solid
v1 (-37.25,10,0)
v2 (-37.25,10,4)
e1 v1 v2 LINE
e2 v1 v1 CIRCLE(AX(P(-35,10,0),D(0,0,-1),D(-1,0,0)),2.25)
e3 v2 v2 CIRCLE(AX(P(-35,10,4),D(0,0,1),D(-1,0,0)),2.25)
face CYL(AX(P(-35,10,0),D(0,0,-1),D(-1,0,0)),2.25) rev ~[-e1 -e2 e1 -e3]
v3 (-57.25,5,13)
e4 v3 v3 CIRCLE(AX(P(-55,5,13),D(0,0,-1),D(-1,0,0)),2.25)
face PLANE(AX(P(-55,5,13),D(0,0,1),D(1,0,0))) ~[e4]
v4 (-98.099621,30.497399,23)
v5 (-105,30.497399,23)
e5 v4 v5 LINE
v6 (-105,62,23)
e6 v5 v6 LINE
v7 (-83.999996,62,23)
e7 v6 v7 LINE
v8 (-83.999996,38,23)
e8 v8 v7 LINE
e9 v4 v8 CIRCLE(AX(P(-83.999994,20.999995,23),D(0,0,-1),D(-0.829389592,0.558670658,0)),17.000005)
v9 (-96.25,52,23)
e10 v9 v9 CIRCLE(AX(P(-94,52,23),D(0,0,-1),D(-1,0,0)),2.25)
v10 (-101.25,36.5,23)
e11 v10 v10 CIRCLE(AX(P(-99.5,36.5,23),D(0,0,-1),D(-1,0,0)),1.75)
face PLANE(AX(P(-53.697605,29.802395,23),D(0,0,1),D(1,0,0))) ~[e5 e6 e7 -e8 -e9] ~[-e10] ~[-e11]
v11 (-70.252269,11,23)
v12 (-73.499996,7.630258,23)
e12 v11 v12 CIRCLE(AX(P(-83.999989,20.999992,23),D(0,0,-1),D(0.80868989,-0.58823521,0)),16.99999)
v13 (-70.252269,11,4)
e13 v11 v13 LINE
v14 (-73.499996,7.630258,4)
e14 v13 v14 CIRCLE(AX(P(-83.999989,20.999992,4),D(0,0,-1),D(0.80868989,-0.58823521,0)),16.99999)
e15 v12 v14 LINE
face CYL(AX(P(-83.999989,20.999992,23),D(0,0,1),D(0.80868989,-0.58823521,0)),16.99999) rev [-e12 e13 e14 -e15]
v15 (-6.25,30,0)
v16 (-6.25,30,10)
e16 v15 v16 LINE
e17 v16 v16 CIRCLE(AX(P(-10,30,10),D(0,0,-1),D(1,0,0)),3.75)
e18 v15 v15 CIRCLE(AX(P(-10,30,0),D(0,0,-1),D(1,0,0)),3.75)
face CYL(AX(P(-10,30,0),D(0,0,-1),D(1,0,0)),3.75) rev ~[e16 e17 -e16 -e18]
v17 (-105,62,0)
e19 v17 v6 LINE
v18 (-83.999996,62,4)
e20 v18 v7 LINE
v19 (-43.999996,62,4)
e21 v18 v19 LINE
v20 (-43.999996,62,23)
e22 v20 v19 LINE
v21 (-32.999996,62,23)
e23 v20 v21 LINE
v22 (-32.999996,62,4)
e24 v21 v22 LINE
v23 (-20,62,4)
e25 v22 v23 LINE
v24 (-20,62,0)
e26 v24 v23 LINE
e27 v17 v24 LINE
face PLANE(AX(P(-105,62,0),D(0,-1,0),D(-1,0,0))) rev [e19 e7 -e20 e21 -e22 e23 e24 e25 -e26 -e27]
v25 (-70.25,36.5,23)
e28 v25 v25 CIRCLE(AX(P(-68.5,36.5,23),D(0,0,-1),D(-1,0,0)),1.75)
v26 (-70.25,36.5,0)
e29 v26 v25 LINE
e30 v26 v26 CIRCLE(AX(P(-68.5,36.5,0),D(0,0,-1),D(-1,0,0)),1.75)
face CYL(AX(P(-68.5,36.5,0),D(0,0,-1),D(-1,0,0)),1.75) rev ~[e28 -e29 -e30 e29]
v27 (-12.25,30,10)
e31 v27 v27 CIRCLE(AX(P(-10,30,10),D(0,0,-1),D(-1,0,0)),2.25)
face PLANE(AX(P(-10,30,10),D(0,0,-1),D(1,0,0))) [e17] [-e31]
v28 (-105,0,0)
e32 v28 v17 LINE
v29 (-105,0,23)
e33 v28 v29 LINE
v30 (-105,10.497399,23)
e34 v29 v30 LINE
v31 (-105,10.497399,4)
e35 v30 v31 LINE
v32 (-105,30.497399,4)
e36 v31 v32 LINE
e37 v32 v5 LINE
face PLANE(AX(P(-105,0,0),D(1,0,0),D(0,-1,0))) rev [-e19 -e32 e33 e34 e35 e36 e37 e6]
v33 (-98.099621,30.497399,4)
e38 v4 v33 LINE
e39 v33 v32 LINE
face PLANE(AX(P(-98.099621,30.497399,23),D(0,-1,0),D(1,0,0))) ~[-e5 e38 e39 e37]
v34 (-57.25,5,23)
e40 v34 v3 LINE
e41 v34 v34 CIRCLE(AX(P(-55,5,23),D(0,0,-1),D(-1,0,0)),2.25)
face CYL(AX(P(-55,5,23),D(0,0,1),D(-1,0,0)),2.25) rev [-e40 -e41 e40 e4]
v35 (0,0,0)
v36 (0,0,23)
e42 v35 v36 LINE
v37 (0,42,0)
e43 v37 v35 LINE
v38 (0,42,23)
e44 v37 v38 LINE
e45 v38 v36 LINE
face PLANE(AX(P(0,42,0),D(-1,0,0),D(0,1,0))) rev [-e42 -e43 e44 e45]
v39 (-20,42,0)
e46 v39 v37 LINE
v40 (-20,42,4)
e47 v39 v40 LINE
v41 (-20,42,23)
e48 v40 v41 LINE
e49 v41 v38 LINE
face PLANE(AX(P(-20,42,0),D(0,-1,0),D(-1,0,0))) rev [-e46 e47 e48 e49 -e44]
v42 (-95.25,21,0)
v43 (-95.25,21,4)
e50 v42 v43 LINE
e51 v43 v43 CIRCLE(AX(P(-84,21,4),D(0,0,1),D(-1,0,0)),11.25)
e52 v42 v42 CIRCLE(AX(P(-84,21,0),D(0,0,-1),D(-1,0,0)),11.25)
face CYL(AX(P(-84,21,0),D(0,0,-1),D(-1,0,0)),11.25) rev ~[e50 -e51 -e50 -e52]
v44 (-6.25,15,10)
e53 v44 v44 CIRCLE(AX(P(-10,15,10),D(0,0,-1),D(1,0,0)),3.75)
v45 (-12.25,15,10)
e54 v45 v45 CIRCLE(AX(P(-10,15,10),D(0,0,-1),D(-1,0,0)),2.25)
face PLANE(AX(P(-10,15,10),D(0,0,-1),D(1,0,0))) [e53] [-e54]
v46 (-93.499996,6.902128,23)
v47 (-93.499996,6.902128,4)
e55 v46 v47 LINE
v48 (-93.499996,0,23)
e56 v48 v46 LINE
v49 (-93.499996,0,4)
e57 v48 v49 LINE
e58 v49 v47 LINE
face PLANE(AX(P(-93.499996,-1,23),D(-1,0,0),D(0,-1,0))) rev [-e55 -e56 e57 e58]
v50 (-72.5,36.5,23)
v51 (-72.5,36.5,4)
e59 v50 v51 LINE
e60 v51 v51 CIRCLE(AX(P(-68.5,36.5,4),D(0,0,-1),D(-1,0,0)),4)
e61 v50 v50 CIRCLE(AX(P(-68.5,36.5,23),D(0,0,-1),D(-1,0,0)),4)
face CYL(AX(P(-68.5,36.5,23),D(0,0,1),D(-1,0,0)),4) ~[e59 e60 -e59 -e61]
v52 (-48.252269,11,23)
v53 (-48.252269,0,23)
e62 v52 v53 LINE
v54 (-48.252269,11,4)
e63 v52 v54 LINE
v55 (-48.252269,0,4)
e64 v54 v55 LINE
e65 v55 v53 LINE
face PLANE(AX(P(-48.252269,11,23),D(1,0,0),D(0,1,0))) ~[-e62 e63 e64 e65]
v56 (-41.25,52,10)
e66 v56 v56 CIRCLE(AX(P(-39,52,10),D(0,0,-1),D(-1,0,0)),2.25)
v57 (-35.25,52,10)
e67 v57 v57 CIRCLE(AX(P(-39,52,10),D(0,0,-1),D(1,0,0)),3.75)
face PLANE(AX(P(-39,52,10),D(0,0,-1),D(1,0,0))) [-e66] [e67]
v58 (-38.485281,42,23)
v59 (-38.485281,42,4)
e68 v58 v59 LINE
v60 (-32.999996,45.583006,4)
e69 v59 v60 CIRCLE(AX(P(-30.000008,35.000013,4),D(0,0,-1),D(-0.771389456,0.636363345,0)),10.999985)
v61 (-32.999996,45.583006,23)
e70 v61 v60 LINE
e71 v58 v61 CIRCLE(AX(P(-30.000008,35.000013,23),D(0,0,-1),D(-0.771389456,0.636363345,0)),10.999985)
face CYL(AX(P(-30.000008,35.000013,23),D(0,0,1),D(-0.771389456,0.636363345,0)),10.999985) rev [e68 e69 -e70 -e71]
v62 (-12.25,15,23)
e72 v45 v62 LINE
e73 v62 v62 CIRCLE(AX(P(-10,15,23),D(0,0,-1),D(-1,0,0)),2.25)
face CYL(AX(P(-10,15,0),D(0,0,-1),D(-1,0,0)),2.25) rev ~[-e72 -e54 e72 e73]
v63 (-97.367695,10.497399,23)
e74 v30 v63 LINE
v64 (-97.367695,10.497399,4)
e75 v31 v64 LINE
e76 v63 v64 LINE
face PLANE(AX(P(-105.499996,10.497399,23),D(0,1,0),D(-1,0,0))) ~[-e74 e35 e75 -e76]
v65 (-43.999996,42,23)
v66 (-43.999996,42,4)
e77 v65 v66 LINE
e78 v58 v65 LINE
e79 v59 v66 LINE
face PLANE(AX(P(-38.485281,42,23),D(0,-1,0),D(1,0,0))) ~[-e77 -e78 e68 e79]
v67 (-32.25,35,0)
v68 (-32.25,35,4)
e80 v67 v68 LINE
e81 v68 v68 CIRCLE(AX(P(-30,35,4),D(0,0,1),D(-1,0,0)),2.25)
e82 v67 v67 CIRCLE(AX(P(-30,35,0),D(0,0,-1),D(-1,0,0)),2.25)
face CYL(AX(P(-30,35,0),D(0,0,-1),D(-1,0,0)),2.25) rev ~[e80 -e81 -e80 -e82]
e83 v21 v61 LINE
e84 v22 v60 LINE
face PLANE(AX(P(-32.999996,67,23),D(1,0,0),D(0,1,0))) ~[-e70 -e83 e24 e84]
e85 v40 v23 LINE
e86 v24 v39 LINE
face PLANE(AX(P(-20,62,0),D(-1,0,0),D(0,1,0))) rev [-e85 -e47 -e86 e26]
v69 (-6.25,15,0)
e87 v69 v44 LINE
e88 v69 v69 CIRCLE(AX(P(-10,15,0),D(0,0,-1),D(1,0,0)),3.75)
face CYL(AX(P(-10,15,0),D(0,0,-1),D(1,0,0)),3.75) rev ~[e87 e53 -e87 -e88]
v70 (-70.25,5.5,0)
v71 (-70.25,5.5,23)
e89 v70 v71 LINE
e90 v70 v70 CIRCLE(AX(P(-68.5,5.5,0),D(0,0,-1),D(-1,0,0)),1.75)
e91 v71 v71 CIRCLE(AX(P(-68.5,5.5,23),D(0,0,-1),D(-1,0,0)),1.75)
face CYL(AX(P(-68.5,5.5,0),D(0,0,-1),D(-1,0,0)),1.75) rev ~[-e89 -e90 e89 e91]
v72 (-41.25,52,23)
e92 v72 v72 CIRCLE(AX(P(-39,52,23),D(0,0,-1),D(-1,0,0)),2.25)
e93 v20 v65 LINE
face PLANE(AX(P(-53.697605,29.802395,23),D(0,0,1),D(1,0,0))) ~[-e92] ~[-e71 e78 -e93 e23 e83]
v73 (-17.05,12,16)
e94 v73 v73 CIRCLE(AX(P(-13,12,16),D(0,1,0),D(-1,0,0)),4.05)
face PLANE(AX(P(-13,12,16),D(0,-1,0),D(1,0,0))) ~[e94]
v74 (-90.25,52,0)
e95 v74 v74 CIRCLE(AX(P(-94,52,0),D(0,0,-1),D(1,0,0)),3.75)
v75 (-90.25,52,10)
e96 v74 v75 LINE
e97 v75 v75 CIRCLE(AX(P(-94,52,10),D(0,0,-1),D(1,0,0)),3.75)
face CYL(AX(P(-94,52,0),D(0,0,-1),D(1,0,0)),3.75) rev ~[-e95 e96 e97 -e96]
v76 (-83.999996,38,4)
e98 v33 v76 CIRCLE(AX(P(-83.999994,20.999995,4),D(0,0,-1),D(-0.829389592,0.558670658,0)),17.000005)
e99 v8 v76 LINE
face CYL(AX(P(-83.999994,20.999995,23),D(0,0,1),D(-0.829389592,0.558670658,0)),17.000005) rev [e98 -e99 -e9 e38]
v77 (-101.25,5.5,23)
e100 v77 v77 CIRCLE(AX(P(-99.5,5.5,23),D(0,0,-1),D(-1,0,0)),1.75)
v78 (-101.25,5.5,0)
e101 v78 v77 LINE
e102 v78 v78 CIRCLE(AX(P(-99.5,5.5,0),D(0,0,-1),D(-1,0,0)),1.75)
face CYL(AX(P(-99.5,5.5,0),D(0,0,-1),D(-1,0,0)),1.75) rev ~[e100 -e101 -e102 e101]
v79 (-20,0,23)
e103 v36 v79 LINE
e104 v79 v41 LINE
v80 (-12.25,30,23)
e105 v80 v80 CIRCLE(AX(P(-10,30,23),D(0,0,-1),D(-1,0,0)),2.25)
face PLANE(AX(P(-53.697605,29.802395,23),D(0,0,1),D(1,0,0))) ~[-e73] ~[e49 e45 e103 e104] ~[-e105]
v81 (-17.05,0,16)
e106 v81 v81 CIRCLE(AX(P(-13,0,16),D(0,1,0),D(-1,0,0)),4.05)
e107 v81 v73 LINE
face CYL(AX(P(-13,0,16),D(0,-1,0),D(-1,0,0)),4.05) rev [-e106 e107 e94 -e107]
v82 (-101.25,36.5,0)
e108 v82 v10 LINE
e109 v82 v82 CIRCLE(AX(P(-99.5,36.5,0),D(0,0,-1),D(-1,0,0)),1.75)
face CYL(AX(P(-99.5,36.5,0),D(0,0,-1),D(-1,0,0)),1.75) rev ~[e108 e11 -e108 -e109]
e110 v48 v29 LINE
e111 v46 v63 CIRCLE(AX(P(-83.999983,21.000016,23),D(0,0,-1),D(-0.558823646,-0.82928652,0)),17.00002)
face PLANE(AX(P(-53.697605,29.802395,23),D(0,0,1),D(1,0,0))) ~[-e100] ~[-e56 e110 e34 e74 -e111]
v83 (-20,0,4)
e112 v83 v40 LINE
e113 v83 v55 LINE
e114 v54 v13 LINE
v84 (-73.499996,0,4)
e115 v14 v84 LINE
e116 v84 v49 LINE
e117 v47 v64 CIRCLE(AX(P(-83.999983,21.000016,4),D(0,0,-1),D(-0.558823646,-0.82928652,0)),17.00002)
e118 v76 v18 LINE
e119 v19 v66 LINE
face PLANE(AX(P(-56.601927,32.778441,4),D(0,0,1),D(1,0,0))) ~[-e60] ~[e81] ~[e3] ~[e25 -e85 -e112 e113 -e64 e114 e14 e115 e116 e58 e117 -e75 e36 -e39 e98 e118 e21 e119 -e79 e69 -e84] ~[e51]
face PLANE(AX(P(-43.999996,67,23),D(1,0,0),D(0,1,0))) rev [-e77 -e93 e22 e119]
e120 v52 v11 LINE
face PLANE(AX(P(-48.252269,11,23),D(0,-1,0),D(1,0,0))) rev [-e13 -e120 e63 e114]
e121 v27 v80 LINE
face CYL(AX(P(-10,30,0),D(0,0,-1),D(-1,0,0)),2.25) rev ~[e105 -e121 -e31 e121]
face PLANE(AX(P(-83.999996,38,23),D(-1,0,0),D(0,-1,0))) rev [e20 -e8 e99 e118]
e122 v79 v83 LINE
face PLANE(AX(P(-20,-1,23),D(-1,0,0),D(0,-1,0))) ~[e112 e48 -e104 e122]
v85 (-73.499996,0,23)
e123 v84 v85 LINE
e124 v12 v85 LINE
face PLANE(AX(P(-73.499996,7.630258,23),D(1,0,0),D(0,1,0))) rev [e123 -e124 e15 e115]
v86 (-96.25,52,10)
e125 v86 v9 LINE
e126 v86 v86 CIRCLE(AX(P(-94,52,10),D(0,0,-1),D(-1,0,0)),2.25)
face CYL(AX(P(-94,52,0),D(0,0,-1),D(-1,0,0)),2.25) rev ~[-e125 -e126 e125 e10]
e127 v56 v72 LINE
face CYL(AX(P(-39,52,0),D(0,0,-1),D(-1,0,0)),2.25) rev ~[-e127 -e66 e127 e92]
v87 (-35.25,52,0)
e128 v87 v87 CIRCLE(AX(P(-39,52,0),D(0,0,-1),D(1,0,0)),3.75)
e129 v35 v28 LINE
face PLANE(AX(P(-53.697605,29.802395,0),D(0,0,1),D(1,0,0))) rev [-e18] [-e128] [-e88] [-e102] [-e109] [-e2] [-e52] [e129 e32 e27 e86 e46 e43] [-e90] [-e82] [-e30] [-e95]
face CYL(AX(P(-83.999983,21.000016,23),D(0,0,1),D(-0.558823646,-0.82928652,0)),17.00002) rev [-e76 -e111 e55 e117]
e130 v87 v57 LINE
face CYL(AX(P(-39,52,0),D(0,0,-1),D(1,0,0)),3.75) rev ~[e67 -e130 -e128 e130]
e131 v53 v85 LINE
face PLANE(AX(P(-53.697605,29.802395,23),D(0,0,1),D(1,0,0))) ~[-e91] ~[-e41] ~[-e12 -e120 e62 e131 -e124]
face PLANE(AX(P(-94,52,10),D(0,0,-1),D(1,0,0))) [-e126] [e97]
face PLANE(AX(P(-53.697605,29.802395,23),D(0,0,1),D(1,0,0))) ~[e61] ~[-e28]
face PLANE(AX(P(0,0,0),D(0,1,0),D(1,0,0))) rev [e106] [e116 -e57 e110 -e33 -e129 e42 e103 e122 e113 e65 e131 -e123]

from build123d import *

# Parameters (mm, degrees)
SKETCH_R        = 2.25
SKETCH_R_2      = 11.25
SKETCH_R_3      = 1.75
PAD_DEPTH       = 23
SKETCH001_R     = 4
POCKET_DEPTH    = 19
SKETCH002_R     = 2.25
POCKET001_DEPTH = 10
SKETCH003_R     = 4.05
POCKET002_DEPTH = 12
SKETCH004_R     = 3.75
POCKET003_DEPTH = 10


with BuildPart() as pocket002:
    # Sketch → Pad (new body)
    with BuildSketch(Plane.XY):
        Polygon((0, 0), (105, 0), (105, 62), (20, 62), (20, 42), (0, 42), align=None)
        with Locations((35, 10)):
            Circle(SKETCH_R, mode=Mode.SUBTRACT)
        with Locations((30, 35)):
            Circle(SKETCH_R, mode=Mode.SUBTRACT)
        with Locations((84, 21)):
            Circle(SKETCH_R_2, mode=Mode.SUBTRACT)
        with Locations((68.5, 36.5)):
            Circle(SKETCH_R_3, mode=Mode.SUBTRACT)
        with Locations((99.5, 36.5)):
            Circle(SKETCH_R_3, mode=Mode.SUBTRACT)
        with Locations((68.5, 5.5)):
            Circle(SKETCH_R_3, mode=Mode.SUBTRACT)
        with Locations((99.5, 5.5)):
            Circle(SKETCH_R_3, mode=Mode.SUBTRACT)
        with Locations((10, 30)):
            Circle(SKETCH_R, mode=Mode.SUBTRACT)
        with Locations((10, 15)):
            Circle(SKETCH_R, mode=Mode.SUBTRACT)
        with Locations((39, 52)):
            Circle(SKETCH_R, mode=Mode.SUBTRACT)
        with Locations((94, 52)):
            Circle(SKETCH_R, mode=Mode.SUBTRACT)
    extrude(amount=PAD_DEPTH)

    # Sketch001 → Pocket (cut)
    with BuildSketch(Plane.XY.offset(23)):
        with BuildLine():
            ThreePointArc((38.485281, 42), (36.015595, 44.209377), (32.999996, 45.583006))
            Line((32.999996, 67), (32.999996, 45.583006))
            Line((20, 67), (32.999996, 67))
            Line((20, -1), (20, 67))
            Line((20, -1), (48.252269, -1))
            Line((48.252269, 11), (48.252269, -1))
            Line((48.252269, 11), (70.252269, 11))
            ThreePointArc((70.252269, 11), (71.759618, 9.202833), (73.499996, 7.630258))
            Line((73.499996, 7.630258), (73.499996, -1))
            Line((73.499996, -1), (93.499996, -1))
            Line((93.499996, -1), (93.499996, 6.902128))
            ThreePointArc((93.499996, 6.902128), (95.574295, 8.548671), (97.367695, 10.497399))
            Line((105.499996, 10.497399), (97.367695, 10.497399))
            Line((105.499996, 30.497399), (105.499996, 10.497399))
            Line((98.099621, 30.497399), (105.499996, 30.497399))
            ThreePointArc((98.099621, 30.497399), (91.98574, 36.007594), (83.999996, 38))
            Line((83.999996, 38), (83.999996, 67))
            Line((83.999996, 67), (43.999996, 67))
            Line((43.999996, 67), (43.999996, 42))
            Line((38.485281, 42), (43.999996, 42))
        make_face()
        with Locations((68.5, 36.5)):
            Circle(SKETCH001_R, mode=Mode.SUBTRACT)
    extrude(amount=-POCKET_DEPTH, mode=Mode.SUBTRACT)

    # Sketch002 → Pocket001 (cut)
    with BuildSketch(Plane.XY.offset(23)):
        with Locations((55, 5)):
            Circle(SKETCH002_R)
    extrude(amount=-POCKET001_DEPTH, mode=Mode.SUBTRACT)

    # Sketch003 → Pocket002 (cut)
    with BuildSketch(Plane.XZ):
        with Locations((13, 16)):
            Circle(SKETCH003_R)
    extrude(amount=-POCKET002_DEPTH, mode=Mode.SUBTRACT)


with BuildPart() as pocket003:
    # Part__Mirroring: instance of Pocket002
    add(pocket002.part.mirror(Plane(origin=(0, 0, 0), x_dir=(0, -1, 0), z_dir=(1, 0, 0))))

    # Sketch004 → Pocket003 (cut)
    with BuildSketch(Plane(origin=(0, 0, 0), x_dir=(1, 0, 0), z_dir=(0, 0, -1))):
        with Locations((-10, -15)):
            Circle(SKETCH004_R)
        with Locations((-10, -30)):
            Circle(SKETCH004_R)
        with Locations((-94, -52)):
            Circle(SKETCH004_R)
        with Locations((-39, -52)):
            Circle(SKETCH004_R)
    extrude(amount=-POCKET003_DEPTH, mode=Mode.SUBTRACT)


solid = pocket003.part
